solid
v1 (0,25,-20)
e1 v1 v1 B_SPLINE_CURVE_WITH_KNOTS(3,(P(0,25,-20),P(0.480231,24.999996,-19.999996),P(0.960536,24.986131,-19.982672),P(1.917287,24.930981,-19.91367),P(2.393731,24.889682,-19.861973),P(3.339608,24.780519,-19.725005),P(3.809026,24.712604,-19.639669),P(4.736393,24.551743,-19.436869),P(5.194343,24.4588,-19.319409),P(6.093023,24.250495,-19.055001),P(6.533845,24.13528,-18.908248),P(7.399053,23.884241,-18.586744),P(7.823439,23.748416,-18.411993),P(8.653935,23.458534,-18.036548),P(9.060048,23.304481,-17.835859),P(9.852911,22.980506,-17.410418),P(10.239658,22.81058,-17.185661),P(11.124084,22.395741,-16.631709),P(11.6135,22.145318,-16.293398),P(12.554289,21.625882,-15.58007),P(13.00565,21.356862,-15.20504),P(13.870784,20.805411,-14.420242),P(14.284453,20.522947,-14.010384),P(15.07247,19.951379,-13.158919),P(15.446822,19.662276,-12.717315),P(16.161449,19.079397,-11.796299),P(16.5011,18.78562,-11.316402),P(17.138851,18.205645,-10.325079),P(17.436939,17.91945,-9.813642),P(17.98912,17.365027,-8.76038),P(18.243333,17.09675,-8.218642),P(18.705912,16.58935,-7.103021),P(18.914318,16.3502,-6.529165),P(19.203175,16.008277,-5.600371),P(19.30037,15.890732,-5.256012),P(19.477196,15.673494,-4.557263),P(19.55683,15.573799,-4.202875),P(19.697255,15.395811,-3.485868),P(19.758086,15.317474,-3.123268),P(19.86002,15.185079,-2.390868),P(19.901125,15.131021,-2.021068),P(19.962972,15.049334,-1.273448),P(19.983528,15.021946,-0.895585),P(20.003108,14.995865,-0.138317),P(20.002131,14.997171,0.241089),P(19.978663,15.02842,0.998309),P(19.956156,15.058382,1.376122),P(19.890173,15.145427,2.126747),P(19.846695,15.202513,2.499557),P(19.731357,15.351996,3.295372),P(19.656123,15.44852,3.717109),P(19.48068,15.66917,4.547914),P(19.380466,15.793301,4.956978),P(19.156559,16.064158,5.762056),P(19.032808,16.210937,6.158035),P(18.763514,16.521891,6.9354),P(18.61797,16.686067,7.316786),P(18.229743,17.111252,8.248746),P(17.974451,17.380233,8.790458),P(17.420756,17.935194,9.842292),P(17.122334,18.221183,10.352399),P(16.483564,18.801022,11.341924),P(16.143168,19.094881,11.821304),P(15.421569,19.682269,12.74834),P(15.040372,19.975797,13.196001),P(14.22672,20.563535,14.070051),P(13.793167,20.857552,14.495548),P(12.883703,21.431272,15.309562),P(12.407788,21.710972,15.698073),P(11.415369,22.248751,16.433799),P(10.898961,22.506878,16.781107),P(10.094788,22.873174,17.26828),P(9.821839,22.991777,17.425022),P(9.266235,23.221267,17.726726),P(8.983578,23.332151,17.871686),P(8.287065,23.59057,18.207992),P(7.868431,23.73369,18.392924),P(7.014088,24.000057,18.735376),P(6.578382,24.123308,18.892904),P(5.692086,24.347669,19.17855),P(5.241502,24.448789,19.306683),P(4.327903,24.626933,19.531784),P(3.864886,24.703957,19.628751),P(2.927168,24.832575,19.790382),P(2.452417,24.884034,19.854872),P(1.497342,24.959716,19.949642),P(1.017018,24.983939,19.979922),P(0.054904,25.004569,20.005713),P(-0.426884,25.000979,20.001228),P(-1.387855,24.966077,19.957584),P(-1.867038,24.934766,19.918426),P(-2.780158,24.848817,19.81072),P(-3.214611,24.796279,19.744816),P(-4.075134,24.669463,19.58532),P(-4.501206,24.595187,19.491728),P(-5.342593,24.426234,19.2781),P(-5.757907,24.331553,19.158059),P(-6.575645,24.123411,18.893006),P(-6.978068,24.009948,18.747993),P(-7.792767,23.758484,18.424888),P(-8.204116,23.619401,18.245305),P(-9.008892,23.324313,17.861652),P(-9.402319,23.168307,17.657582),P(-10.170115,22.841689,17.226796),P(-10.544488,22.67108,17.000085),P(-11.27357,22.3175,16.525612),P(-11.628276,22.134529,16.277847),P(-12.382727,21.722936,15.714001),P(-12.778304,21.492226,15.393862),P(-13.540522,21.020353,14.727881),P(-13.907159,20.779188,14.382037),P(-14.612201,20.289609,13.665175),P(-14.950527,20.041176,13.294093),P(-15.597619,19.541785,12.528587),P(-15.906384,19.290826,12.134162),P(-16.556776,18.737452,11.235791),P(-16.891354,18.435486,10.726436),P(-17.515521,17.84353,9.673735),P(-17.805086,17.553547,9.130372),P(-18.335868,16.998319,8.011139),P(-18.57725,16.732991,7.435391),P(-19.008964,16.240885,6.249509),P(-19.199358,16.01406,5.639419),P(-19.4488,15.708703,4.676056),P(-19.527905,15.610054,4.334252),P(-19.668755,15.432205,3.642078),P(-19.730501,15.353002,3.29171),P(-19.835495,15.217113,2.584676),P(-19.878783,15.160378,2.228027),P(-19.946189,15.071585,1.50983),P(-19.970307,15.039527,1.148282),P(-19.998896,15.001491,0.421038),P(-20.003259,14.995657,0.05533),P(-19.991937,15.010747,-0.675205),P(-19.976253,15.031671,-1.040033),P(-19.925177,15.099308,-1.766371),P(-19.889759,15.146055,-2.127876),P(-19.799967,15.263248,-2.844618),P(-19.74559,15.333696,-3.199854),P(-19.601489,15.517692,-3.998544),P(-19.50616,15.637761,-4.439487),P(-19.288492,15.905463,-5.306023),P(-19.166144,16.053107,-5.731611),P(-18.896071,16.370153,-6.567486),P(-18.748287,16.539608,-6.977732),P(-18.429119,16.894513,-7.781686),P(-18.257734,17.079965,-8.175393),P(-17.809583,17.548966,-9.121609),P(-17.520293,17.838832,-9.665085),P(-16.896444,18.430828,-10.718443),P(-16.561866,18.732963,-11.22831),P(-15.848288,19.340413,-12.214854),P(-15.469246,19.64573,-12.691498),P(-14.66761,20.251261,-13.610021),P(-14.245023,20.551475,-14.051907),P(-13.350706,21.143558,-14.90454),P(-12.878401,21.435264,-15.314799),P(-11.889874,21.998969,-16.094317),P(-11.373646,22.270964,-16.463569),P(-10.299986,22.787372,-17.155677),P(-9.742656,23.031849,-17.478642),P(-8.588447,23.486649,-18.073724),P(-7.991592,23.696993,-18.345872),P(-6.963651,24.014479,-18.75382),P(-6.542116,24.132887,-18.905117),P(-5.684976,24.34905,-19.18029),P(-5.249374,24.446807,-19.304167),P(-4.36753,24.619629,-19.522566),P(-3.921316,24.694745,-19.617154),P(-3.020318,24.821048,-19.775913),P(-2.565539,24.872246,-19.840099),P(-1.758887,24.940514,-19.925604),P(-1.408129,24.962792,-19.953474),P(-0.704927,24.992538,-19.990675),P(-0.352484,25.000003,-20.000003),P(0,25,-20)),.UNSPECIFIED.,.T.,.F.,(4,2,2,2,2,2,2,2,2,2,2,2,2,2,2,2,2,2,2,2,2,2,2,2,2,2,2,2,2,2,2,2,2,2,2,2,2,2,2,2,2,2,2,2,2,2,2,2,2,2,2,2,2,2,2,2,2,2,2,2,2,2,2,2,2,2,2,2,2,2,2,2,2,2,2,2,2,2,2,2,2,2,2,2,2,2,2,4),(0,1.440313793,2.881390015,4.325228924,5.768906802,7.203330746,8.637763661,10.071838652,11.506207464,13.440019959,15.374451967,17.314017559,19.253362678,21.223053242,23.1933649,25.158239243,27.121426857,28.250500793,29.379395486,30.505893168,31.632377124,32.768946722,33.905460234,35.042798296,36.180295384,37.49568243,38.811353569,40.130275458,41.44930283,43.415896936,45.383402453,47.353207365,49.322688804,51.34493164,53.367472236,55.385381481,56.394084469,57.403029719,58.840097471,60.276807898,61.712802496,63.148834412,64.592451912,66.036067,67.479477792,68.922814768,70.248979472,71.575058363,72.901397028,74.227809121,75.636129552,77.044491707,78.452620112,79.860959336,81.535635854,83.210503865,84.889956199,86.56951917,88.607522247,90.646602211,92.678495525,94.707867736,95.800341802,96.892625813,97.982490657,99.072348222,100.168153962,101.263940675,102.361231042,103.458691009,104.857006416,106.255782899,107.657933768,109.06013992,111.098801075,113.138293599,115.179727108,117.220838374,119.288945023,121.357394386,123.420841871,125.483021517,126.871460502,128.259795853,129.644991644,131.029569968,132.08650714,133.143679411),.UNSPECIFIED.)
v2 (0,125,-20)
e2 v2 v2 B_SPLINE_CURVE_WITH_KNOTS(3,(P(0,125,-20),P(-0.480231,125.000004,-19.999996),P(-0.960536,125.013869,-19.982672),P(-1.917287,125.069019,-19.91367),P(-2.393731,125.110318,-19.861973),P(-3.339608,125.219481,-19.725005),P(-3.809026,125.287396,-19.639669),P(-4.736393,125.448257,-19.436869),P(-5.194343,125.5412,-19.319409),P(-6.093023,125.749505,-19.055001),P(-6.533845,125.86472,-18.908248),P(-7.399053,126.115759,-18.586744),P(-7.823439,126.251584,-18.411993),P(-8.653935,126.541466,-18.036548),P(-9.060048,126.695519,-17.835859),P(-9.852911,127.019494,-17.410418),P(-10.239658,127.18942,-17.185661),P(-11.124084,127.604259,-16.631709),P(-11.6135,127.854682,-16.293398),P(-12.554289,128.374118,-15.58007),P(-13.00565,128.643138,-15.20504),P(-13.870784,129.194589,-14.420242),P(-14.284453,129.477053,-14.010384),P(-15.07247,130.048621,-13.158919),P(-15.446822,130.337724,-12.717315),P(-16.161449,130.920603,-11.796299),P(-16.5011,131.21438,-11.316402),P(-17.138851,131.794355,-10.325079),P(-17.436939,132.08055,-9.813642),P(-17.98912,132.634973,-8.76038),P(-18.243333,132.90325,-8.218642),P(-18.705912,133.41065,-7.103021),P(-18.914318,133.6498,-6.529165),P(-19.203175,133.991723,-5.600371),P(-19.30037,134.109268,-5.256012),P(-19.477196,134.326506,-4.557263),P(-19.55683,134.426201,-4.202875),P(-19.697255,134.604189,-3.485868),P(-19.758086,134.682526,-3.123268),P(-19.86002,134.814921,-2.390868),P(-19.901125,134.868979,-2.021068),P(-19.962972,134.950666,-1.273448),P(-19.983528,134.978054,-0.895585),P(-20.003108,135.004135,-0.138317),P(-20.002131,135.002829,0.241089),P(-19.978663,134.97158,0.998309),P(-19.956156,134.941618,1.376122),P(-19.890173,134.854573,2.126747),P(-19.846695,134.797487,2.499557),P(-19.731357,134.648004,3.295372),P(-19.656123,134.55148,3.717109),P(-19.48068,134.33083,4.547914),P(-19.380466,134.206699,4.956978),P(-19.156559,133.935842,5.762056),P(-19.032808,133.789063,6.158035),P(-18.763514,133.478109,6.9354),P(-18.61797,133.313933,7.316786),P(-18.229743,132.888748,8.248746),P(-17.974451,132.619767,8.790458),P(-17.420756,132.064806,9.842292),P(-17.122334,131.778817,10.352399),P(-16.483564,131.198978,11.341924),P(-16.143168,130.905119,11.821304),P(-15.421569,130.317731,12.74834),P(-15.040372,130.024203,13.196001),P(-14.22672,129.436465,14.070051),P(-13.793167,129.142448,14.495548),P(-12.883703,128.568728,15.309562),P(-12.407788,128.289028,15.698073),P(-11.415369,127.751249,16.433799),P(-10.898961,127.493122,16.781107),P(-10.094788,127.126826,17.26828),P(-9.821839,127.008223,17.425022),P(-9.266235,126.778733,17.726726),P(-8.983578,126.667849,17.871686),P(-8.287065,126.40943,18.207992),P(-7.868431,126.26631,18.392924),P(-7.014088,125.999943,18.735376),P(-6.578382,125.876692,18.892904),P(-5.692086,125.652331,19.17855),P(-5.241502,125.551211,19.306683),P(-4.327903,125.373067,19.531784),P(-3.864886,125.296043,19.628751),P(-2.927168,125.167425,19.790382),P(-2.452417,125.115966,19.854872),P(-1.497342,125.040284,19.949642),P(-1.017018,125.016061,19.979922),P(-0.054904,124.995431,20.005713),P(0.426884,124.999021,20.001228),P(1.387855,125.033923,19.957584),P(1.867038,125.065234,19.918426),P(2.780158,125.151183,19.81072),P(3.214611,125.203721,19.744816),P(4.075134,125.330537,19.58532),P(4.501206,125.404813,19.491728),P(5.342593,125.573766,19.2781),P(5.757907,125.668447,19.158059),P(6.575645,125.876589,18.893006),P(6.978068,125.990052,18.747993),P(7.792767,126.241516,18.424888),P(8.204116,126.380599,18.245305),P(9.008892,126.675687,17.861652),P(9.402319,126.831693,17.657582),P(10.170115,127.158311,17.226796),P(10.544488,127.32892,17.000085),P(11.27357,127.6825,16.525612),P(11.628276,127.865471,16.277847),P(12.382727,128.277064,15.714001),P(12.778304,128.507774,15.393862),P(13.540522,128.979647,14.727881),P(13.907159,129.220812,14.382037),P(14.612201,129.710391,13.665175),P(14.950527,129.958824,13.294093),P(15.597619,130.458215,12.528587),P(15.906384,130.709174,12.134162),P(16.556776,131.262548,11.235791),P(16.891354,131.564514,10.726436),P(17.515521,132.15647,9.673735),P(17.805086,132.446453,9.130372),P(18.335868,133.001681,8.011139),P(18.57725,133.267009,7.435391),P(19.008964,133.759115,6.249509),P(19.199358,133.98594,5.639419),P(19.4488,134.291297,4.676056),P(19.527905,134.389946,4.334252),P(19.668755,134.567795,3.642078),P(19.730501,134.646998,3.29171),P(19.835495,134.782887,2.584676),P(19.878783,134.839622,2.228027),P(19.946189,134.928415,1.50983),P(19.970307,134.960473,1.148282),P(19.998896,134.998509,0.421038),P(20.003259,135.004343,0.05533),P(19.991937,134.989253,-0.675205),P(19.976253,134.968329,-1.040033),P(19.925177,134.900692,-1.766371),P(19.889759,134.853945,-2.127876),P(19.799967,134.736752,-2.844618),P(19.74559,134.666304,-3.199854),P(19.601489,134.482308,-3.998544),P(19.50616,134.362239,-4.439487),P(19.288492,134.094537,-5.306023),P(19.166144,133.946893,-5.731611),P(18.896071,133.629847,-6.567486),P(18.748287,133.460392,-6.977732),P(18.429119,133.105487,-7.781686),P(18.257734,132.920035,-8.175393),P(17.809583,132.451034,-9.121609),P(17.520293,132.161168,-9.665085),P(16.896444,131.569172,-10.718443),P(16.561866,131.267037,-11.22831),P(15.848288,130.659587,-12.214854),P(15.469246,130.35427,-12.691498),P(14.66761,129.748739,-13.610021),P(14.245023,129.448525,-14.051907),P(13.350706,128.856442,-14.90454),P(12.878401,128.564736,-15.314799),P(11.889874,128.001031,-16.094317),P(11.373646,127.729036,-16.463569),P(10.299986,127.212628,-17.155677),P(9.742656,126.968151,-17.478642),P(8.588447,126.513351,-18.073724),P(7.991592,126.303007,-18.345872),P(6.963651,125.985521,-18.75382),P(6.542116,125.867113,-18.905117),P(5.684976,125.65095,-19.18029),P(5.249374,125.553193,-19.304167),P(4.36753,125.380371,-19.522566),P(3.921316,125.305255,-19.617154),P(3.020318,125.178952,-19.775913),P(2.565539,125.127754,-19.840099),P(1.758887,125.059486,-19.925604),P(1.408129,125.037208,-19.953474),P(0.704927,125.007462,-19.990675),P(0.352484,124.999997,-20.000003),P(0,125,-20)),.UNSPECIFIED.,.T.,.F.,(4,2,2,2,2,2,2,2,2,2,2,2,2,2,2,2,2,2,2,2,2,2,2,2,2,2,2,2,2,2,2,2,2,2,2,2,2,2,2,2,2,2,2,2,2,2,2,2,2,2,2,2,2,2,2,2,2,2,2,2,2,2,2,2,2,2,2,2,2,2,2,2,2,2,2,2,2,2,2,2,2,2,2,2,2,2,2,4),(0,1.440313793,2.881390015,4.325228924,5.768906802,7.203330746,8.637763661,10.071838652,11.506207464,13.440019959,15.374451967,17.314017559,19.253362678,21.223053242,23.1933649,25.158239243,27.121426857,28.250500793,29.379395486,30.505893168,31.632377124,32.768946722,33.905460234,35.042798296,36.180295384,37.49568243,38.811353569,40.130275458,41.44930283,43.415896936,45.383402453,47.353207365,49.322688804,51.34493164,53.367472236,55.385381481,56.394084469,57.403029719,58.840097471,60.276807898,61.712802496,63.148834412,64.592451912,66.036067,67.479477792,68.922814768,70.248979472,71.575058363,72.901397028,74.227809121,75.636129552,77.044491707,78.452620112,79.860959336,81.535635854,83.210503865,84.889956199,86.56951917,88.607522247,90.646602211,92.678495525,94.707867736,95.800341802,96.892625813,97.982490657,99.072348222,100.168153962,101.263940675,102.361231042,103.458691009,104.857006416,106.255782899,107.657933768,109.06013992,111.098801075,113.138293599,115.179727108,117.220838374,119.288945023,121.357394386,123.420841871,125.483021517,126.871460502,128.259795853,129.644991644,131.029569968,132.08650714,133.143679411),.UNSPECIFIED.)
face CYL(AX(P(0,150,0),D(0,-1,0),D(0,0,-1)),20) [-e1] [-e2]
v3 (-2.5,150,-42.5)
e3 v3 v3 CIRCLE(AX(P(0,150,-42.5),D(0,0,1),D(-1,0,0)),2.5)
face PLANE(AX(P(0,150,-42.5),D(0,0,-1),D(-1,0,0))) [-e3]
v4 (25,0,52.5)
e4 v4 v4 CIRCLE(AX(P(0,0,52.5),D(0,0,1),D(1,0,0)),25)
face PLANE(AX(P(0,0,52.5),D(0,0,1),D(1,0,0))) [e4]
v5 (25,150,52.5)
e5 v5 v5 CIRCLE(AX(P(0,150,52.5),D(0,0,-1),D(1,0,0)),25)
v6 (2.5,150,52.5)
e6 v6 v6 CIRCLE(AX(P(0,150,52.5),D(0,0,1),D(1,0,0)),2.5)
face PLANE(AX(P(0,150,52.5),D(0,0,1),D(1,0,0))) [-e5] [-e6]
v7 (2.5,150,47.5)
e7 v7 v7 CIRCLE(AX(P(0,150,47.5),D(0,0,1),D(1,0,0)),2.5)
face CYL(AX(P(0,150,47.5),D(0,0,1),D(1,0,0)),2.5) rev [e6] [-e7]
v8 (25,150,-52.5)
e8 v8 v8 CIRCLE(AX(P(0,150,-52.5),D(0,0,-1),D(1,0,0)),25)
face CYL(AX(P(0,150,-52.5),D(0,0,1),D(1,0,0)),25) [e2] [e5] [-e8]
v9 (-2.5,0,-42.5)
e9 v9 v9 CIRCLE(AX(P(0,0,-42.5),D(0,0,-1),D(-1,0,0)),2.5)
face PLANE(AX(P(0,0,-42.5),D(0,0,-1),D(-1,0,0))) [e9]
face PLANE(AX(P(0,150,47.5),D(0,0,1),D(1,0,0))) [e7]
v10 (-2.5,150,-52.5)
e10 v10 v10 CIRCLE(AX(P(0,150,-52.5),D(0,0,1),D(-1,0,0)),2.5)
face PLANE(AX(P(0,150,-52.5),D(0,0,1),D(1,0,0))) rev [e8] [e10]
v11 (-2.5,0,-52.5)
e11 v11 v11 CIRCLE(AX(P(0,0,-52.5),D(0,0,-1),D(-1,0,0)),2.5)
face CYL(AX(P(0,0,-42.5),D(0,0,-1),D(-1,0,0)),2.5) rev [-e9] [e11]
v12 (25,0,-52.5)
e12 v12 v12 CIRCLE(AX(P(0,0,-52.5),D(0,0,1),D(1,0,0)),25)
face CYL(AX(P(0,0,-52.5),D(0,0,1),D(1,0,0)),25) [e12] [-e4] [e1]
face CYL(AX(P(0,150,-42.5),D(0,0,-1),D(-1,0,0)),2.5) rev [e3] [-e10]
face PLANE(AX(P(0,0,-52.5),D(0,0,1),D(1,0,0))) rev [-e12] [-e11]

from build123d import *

# Parameters (mm, degrees)
SKETCH1_R           = 25
BOSS_EXTRUDE1_DEPTH = 52.5
SKETCH2_R           = 2.5
CUT_EXTRUDE1_DEPTH  = 10
SKETCH3_R           = 20
BOSS_EXTRUDE2_DEPTH = 150
CUT_EXTRUDE2_START  = -5
SKETCH4_R           = 2.5
CUT_EXTRUDE2_DEPTH  = 5


with BuildPart() as part:
    # Sketch1 → Boss-Extrude1 (new, symmetric)
    with BuildSketch(Plane.XY):
        Circle(SKETCH1_R)
    boss_extrude1 = extrude(amount=BOSS_EXTRUDE1_DEPTH, both=True)

    # Sketch2 → Cut-Extrude1 (cut)
    with BuildSketch(Plane(origin=(0, 0, -52.5), x_dir=(-1, 0, 0), z_dir=(0, 0, -1))):
        Circle(SKETCH2_R)
    cut_extrude1 = extrude(amount=-CUT_EXTRUDE1_DEPTH, mode=Mode.SUBTRACT)

    # Sketch3 → Boss-Extrude2 (add)
    with BuildSketch(Plane(origin=(0, 0, 0), x_dir=(1, 0, 0), z_dir=(0, 1, 0))):
        with Locations(Location((0, 0, 0), (0, 0, 90))):
            Circle(SKETCH3_R)
    extrude(amount=BOSS_EXTRUDE2_DEPTH)

    # Mirror1: Boss-Extrude1, Cut-Extrude1 across plane
    add(boss_extrude1.mirror(Plane.ZX.offset(75)))
    add(cut_extrude1.mirror(Plane.ZX.offset(75)), mode=Mode.SUBTRACT)

    # Sketch4 → Cut-Extrude2 (cut)
    with BuildSketch(Plane.XY.offset(52.5).offset(CUT_EXTRUDE2_START)):
        with Locations(Location((0, 150, 0), (0, 0, 180))):
            Circle(SKETCH4_R)
    extrude(amount=CUT_EXTRUDE2_DEPTH, mode=Mode.SUBTRACT)


solid = part.part
